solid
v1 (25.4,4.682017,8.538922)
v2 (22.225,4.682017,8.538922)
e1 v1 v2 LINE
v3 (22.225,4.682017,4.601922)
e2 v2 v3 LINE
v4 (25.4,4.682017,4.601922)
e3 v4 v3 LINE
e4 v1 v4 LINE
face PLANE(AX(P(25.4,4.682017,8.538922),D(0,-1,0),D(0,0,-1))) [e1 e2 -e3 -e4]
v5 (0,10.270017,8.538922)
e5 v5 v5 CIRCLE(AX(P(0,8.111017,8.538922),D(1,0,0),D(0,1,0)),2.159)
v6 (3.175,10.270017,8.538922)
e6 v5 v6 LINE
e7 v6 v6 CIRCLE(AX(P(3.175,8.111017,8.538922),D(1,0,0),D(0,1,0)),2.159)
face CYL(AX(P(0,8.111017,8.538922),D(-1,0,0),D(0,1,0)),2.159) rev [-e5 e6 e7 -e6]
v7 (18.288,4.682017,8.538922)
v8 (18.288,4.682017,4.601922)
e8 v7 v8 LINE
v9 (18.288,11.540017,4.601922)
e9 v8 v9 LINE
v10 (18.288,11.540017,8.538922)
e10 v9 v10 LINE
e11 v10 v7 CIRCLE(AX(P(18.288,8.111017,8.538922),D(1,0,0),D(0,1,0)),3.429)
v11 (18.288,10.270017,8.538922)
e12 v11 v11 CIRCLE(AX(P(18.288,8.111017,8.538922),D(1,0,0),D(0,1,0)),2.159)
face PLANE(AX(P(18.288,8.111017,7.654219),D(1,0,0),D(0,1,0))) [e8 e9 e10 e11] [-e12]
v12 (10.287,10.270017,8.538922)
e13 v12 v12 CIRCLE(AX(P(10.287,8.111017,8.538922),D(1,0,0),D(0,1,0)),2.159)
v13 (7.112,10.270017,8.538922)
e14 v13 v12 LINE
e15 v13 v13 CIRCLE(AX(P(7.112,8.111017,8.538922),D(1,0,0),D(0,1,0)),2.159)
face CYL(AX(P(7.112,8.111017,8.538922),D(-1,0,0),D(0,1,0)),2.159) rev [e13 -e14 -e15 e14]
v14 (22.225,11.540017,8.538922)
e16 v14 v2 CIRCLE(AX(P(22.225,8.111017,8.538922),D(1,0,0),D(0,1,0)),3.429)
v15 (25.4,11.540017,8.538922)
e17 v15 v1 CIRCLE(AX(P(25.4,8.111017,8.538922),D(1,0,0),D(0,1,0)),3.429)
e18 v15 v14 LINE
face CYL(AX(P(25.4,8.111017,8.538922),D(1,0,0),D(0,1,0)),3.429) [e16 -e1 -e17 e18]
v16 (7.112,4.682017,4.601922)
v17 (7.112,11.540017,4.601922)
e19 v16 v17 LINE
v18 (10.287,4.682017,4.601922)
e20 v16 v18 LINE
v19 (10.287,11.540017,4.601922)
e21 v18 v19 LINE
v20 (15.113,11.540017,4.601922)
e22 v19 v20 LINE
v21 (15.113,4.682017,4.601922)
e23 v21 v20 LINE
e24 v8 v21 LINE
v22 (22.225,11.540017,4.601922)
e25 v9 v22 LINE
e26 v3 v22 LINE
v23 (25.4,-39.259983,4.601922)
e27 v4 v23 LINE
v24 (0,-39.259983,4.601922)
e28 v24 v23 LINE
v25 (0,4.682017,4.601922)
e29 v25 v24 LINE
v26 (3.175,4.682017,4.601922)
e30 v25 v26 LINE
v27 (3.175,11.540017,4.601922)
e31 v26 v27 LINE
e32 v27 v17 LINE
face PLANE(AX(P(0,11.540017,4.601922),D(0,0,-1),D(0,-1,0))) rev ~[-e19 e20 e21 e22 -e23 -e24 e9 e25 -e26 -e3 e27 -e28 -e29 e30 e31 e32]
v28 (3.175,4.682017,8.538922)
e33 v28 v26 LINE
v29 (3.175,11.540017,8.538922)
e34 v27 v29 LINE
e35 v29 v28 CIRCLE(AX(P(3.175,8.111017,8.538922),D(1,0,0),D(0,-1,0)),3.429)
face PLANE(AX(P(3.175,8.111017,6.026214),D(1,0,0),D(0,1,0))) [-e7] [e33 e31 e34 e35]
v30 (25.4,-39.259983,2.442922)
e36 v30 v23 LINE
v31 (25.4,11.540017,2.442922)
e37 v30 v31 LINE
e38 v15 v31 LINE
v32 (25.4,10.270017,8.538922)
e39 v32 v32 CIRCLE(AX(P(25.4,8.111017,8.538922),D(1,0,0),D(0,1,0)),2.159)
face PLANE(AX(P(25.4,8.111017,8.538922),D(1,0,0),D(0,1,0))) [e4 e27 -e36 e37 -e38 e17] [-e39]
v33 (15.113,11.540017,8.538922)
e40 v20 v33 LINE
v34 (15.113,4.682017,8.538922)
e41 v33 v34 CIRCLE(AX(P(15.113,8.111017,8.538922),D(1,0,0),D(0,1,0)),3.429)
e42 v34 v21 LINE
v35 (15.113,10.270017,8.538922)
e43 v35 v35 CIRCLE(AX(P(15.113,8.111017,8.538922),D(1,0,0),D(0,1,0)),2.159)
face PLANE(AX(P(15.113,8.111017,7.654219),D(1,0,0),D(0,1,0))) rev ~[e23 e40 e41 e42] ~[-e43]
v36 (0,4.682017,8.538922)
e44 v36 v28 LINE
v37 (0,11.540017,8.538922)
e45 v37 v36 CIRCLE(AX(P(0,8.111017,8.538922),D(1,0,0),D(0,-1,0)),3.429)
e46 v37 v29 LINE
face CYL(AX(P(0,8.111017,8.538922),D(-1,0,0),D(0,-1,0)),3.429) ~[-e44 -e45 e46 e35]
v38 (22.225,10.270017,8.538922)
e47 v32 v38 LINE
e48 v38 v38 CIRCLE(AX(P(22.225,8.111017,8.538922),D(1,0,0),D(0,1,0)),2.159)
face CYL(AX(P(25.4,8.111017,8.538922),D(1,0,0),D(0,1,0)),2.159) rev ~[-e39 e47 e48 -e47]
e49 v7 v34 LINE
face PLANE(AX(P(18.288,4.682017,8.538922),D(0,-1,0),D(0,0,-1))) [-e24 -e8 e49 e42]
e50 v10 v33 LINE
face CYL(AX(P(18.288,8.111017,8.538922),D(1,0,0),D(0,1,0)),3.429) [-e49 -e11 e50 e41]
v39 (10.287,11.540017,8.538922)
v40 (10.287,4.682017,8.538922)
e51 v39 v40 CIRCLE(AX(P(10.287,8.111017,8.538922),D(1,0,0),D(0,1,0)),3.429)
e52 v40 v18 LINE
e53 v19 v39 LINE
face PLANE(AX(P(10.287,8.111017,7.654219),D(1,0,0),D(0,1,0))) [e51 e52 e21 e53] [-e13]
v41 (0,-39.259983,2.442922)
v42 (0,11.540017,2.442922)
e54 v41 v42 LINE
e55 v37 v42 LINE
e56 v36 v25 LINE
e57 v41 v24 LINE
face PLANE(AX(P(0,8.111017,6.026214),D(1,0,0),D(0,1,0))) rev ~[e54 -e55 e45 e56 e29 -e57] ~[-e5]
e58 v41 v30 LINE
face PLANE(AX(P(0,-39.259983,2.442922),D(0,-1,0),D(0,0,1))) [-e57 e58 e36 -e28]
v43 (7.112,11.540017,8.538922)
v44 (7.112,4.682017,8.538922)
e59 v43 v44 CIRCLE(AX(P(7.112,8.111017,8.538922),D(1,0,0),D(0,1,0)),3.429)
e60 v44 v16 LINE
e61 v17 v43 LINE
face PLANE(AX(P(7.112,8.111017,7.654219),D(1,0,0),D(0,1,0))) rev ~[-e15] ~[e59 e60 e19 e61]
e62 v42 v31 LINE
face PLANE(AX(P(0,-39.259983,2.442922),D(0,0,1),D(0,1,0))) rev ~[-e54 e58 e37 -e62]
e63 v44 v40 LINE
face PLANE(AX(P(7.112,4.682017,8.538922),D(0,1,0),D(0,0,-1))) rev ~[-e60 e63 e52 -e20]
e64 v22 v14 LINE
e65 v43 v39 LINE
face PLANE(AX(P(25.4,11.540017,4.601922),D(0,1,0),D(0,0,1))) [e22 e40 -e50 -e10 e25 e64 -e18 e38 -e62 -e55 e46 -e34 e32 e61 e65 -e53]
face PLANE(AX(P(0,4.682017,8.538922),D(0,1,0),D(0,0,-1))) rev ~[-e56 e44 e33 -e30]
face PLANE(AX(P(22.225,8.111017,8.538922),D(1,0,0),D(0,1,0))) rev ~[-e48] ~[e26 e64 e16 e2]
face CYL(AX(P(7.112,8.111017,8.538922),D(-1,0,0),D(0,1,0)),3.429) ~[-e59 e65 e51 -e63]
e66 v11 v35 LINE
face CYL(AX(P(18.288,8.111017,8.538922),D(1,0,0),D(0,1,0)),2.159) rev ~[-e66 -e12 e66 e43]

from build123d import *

# Parameters (mm, degrees)
F0_W      = 43.942
F0_H      = 2.159
F0_W_2    = 6.858
F1_DEPTH  = 25.4
F0_R      = 2.159
F2_DEPTH  = 3.175
F3_R      = 2.159
F4_DEPTH  = 3.175
F6_R      = 2.159
F7_DEPTH  = 3.175
F9_R      = 2.159
F10_DEPTH = 3.175


with BuildPart() as f1:
    # F0 (on Right) → F1 (new body)
    with BuildSketch(Plane.YZ):
        with Locations((-17.288983049, 3.5224220661)):
            Rectangle(F0_W, F0_H)
        with Locations((8.111016951, 3.5224220661)):
            Rectangle(F0_W_2, F0_H)
    extrude(amount=F1_DEPTH)

    # F0 (on Right) → F2 (join)
    with BuildSketch(Plane.YZ):
        with BuildLine():
            Line((4.682016951, 8.5389220661), (4.682016951, 4.6019220661))
            Line((4.682016951, 4.6019220661), (11.540016951, 4.6019220661))
            Line((11.540016951, 4.6019220661), (11.540016951, 8.5389220661))
            ThreePointArc((11.540016951, 8.5389220661), (8.111016951, 5.1099220661), (4.682016951, 8.5389220661))
        make_face()
        with BuildLine():
            ThreePointArc((11.540016951, 8.5389220661), (8.111016951, 11.9679220661), (4.682016951, 8.5389220661))
            ThreePointArc((4.682016951, 8.5389220661), (8.111016951, 5.1099220661), (11.540016951, 8.5389220661))
        make_face()
        with Locations((8.111016951, 8.5389220661)):
            Circle(F0_R, mode=Mode.SUBTRACT)
    extrude(amount=F2_DEPTH)

    # F3 (on face) → F4 (join)
    with BuildSketch(Plane.YZ.offset(25.4)):
        with BuildLine():
            ThreePointArc((4.682016951, 8.5389220661), (8.111016951, 5.1099220661), (11.540016951, 8.5389220661))
            ThreePointArc((11.540016951, 8.5389220661), (8.111016951, 11.9679220661), (4.682016951, 8.5389220661))
        make_face()
        with Locations((8.111016951, 8.5389220661)):
            Circle(F3_R, mode=Mode.SUBTRACT)
        with BuildLine():
            Line((11.540016951, 4.6019220661), (11.540016951, 8.5389220661))
            ThreePointArc((11.540016951, 8.5389220661), (8.111016951, 5.1099220661), (4.682016951, 8.5389220661))
            Line((4.682016951, 8.5389220661), (4.682016951, 4.6019220661))
            Line((4.682016951, 4.6019220661), (11.540016951, 4.6019220661))
        make_face()
    extrude(amount=-F4_DEPTH)

    # F6 (on offset) → F7 (join)
    with BuildSketch(Plane.YZ.offset(7.112)):
        with BuildLine():
            Line((11.540016951, 4.6019220661), (11.540016951, 8.5389220661))
            ThreePointArc((11.540016951, 8.5389220661), (8.111016951, 11.9679220661), (4.682016951, 8.5389220661))
            Line((4.682016951, 8.5389220661), (4.682016951, 4.6019220661))
            Line((4.682016951, 4.6019220661), (11.540016951, 4.6019220661))
        make_face()
        with Locations((8.111016951, 8.5389220661)):
            Circle(F6_R, mode=Mode.SUBTRACT)
    extrude(amount=F7_DEPTH)

    # F9 (on offset) → F10 (join)
    with BuildSketch(Plane.YZ.offset(18.288)):
        with BuildLine():
            Line((4.682016951, 8.5389220661), (4.682016951, 4.6019220661))
            Line((4.682016951, 4.6019220661), (11.540016951, 4.6019220661))
            Line((11.540016951, 4.6019220661), (11.540016951, 8.5389220661))
            ThreePointArc((11.540016951, 8.5389220661), (8.111016951, 11.9679220661), (4.682016951, 8.5389220661))
        make_face()
        with Locations((8.111016951, 8.5389220661)):
            Circle(F9_R, mode=Mode.SUBTRACT)
    extrude(amount=-F10_DEPTH)


solid = f1.part
